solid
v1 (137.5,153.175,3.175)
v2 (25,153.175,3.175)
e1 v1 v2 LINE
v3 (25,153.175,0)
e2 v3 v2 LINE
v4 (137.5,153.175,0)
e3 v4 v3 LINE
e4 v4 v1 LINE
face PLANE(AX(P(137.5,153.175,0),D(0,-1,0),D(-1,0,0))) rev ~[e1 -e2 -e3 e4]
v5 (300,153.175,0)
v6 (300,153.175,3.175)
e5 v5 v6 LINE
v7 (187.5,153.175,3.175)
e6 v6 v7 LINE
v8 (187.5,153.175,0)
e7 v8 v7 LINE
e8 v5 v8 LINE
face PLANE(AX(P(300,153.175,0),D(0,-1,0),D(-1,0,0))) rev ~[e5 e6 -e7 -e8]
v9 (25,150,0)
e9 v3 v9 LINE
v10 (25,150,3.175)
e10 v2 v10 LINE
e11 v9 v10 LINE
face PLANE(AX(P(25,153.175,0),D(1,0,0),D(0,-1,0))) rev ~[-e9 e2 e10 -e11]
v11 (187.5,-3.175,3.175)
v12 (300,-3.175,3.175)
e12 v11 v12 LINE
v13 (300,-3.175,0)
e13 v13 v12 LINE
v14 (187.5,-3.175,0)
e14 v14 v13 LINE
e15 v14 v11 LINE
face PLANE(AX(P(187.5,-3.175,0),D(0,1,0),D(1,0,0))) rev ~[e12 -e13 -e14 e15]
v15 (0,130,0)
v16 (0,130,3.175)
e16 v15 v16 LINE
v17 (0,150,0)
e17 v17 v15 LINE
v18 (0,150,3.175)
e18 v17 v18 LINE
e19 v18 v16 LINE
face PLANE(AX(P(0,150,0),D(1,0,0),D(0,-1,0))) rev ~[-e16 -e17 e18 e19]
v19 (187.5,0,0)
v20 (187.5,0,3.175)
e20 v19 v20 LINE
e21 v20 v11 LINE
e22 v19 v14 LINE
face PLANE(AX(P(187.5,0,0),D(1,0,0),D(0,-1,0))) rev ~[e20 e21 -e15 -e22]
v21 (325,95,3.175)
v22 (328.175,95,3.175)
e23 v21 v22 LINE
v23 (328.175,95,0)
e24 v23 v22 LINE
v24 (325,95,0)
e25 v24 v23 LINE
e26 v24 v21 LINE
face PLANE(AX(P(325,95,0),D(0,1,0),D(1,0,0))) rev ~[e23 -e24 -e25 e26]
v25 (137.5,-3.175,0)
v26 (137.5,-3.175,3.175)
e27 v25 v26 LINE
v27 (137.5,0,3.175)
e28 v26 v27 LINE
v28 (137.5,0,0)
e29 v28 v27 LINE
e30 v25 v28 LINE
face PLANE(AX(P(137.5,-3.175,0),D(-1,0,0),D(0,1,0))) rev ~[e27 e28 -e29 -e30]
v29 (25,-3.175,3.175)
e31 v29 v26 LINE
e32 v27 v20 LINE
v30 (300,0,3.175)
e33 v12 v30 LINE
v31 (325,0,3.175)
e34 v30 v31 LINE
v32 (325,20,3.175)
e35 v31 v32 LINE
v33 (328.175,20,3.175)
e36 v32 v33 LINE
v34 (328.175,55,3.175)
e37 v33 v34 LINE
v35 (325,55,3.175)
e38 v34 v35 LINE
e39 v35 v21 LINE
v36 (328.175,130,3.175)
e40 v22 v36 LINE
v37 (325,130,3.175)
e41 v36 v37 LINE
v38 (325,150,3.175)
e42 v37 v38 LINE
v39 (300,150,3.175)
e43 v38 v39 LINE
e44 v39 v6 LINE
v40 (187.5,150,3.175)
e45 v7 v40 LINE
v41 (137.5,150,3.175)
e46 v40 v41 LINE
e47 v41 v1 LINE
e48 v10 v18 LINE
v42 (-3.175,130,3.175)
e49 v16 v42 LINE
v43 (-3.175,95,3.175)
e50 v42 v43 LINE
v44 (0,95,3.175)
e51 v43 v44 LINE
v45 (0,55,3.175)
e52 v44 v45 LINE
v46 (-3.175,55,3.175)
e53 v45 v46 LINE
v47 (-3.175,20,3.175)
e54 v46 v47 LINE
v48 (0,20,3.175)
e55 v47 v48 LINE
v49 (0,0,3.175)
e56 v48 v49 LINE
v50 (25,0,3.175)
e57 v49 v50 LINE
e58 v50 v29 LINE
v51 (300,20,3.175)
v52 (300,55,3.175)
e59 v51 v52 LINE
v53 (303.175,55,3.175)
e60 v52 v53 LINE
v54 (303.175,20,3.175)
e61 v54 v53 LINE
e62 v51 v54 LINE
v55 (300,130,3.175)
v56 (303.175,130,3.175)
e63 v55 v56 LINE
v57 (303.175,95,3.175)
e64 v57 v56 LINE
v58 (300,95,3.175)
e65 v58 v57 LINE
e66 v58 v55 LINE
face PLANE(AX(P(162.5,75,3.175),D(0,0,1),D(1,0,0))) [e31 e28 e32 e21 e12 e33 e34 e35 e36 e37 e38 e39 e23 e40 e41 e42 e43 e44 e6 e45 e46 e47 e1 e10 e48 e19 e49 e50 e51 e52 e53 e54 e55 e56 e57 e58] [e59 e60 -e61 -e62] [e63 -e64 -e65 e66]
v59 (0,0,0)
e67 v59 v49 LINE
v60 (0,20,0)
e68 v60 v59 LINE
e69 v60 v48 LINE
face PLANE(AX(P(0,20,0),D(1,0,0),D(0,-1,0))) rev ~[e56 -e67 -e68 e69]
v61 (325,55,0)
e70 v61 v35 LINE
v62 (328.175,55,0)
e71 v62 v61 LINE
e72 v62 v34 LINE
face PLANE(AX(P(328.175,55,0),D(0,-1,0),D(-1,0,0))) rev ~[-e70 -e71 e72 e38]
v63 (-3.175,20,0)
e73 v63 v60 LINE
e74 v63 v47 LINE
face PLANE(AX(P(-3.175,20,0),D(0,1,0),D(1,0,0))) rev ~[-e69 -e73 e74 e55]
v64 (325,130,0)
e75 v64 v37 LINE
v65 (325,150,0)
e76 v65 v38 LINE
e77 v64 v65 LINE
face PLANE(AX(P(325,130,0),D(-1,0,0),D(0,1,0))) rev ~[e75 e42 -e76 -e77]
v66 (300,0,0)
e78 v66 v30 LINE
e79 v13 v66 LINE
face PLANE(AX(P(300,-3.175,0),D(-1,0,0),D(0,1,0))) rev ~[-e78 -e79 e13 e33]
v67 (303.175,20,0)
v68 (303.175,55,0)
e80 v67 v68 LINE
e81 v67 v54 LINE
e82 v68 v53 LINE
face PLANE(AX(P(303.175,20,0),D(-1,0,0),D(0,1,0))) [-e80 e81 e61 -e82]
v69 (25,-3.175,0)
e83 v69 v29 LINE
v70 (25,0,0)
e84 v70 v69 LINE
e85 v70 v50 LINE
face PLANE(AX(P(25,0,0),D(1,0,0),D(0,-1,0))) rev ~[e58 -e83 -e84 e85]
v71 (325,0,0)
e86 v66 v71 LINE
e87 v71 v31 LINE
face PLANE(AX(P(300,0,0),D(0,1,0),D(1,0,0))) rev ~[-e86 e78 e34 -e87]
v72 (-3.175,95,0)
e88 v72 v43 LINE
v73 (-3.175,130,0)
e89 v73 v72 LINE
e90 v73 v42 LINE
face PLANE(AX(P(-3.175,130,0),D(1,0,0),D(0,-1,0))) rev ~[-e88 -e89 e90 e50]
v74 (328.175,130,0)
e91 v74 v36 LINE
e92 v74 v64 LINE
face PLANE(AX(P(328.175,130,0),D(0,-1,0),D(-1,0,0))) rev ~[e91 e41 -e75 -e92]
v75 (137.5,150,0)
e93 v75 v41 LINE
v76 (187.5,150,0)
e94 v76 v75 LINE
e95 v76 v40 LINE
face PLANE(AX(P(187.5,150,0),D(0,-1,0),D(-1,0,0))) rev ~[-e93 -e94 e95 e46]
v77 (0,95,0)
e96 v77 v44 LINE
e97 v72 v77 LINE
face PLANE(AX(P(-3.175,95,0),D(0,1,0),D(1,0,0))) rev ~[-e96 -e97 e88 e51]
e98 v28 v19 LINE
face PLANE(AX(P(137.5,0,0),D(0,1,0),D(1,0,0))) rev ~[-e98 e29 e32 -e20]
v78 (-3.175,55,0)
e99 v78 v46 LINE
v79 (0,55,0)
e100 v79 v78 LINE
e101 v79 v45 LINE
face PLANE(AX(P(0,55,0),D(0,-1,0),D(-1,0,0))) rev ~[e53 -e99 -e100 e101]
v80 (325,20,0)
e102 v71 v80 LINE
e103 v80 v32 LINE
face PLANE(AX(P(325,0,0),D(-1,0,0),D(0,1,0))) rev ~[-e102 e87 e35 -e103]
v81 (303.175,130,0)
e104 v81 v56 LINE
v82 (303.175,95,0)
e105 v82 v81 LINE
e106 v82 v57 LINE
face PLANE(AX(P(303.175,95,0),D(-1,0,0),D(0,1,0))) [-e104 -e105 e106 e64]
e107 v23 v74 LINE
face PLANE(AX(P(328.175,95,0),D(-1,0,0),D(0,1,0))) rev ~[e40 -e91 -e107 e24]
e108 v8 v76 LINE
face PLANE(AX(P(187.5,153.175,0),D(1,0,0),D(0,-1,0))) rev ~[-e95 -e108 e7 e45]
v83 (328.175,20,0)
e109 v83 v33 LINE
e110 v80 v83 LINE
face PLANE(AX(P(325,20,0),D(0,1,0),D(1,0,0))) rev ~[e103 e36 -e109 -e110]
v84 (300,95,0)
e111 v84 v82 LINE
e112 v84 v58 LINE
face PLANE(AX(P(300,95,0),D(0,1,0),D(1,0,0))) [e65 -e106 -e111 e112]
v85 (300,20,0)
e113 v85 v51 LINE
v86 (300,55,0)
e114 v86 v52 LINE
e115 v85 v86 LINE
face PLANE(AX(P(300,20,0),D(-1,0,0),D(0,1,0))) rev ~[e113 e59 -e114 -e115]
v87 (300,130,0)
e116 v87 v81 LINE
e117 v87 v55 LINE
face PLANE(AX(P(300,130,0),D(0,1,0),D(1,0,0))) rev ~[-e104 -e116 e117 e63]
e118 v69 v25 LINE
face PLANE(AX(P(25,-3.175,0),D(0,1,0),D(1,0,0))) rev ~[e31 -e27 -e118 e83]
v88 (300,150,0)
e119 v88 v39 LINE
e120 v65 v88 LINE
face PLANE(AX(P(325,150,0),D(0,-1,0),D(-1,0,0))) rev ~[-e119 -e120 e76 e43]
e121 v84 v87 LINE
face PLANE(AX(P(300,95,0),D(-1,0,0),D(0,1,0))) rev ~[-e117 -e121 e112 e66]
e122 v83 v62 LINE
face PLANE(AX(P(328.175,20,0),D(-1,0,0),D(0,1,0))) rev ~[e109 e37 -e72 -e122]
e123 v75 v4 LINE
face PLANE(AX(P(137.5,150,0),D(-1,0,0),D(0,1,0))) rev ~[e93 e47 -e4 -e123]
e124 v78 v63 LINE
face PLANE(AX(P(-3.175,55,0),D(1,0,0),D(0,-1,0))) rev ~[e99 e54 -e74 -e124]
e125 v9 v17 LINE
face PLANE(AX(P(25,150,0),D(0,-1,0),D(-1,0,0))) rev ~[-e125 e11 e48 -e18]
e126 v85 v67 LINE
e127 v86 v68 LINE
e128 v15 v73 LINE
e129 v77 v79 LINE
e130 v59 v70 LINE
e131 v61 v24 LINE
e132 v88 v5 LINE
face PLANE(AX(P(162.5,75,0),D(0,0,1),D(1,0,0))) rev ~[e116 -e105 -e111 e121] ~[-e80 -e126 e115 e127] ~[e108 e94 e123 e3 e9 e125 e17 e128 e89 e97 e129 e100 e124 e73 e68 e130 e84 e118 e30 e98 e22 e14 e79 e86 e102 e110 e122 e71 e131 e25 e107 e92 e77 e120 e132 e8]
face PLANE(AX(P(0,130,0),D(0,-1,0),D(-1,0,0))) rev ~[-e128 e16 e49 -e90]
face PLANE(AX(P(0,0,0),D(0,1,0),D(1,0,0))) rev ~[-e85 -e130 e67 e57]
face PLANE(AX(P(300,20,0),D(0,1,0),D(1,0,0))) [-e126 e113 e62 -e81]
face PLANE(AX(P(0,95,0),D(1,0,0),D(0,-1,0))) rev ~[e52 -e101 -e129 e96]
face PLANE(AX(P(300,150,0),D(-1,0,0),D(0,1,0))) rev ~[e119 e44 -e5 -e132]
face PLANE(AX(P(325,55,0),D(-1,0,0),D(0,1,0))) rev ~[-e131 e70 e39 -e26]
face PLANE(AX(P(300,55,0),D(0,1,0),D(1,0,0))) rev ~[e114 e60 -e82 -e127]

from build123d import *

# Parameters (mm, degrees)
F0_W     = 3.175
F0_H     = 35
F1_DEPTH = 3.175


with BuildPart() as f1:
    # F0 (on Top) → F1 (new body)
    with BuildSketch(Plane.XY):
        Polygon((137.5, 0), (162.5, 0), (187.5, 0), (187.5, -3.175), (300, -3.175), (300, 0), (325, 0), (325, 20), (328.175, 20), (328.175, 55), (325, 55), (325, 95), (328.175, 95), (328.175, 130), (325, 130), (325, 150), (300, 150), (300, 153.175), (187.5, 153.175), (187.5, 150), (162.5, 150), (137.5, 150), (137.5, 153.175), (25, 153.175), (25, 150), (0, 150), (0, 130), (-3.175, 130), (-3.175, 95), (0, 95), (0, 55), (-3.175, 55), (-3.175, 20), (0, 20), (0, 0), (25, 0), (25, -3.175), (137.5, -3.175), align=None)
        with Locations((301.5875, 37.5)):
            Rectangle(F0_W, F0_H, mode=Mode.SUBTRACT)
        with Locations((301.5875, 112.5)):
            Rectangle(F0_W, F0_H, mode=Mode.SUBTRACT)
    extrude(amount=F1_DEPTH)


solid = f1.part
